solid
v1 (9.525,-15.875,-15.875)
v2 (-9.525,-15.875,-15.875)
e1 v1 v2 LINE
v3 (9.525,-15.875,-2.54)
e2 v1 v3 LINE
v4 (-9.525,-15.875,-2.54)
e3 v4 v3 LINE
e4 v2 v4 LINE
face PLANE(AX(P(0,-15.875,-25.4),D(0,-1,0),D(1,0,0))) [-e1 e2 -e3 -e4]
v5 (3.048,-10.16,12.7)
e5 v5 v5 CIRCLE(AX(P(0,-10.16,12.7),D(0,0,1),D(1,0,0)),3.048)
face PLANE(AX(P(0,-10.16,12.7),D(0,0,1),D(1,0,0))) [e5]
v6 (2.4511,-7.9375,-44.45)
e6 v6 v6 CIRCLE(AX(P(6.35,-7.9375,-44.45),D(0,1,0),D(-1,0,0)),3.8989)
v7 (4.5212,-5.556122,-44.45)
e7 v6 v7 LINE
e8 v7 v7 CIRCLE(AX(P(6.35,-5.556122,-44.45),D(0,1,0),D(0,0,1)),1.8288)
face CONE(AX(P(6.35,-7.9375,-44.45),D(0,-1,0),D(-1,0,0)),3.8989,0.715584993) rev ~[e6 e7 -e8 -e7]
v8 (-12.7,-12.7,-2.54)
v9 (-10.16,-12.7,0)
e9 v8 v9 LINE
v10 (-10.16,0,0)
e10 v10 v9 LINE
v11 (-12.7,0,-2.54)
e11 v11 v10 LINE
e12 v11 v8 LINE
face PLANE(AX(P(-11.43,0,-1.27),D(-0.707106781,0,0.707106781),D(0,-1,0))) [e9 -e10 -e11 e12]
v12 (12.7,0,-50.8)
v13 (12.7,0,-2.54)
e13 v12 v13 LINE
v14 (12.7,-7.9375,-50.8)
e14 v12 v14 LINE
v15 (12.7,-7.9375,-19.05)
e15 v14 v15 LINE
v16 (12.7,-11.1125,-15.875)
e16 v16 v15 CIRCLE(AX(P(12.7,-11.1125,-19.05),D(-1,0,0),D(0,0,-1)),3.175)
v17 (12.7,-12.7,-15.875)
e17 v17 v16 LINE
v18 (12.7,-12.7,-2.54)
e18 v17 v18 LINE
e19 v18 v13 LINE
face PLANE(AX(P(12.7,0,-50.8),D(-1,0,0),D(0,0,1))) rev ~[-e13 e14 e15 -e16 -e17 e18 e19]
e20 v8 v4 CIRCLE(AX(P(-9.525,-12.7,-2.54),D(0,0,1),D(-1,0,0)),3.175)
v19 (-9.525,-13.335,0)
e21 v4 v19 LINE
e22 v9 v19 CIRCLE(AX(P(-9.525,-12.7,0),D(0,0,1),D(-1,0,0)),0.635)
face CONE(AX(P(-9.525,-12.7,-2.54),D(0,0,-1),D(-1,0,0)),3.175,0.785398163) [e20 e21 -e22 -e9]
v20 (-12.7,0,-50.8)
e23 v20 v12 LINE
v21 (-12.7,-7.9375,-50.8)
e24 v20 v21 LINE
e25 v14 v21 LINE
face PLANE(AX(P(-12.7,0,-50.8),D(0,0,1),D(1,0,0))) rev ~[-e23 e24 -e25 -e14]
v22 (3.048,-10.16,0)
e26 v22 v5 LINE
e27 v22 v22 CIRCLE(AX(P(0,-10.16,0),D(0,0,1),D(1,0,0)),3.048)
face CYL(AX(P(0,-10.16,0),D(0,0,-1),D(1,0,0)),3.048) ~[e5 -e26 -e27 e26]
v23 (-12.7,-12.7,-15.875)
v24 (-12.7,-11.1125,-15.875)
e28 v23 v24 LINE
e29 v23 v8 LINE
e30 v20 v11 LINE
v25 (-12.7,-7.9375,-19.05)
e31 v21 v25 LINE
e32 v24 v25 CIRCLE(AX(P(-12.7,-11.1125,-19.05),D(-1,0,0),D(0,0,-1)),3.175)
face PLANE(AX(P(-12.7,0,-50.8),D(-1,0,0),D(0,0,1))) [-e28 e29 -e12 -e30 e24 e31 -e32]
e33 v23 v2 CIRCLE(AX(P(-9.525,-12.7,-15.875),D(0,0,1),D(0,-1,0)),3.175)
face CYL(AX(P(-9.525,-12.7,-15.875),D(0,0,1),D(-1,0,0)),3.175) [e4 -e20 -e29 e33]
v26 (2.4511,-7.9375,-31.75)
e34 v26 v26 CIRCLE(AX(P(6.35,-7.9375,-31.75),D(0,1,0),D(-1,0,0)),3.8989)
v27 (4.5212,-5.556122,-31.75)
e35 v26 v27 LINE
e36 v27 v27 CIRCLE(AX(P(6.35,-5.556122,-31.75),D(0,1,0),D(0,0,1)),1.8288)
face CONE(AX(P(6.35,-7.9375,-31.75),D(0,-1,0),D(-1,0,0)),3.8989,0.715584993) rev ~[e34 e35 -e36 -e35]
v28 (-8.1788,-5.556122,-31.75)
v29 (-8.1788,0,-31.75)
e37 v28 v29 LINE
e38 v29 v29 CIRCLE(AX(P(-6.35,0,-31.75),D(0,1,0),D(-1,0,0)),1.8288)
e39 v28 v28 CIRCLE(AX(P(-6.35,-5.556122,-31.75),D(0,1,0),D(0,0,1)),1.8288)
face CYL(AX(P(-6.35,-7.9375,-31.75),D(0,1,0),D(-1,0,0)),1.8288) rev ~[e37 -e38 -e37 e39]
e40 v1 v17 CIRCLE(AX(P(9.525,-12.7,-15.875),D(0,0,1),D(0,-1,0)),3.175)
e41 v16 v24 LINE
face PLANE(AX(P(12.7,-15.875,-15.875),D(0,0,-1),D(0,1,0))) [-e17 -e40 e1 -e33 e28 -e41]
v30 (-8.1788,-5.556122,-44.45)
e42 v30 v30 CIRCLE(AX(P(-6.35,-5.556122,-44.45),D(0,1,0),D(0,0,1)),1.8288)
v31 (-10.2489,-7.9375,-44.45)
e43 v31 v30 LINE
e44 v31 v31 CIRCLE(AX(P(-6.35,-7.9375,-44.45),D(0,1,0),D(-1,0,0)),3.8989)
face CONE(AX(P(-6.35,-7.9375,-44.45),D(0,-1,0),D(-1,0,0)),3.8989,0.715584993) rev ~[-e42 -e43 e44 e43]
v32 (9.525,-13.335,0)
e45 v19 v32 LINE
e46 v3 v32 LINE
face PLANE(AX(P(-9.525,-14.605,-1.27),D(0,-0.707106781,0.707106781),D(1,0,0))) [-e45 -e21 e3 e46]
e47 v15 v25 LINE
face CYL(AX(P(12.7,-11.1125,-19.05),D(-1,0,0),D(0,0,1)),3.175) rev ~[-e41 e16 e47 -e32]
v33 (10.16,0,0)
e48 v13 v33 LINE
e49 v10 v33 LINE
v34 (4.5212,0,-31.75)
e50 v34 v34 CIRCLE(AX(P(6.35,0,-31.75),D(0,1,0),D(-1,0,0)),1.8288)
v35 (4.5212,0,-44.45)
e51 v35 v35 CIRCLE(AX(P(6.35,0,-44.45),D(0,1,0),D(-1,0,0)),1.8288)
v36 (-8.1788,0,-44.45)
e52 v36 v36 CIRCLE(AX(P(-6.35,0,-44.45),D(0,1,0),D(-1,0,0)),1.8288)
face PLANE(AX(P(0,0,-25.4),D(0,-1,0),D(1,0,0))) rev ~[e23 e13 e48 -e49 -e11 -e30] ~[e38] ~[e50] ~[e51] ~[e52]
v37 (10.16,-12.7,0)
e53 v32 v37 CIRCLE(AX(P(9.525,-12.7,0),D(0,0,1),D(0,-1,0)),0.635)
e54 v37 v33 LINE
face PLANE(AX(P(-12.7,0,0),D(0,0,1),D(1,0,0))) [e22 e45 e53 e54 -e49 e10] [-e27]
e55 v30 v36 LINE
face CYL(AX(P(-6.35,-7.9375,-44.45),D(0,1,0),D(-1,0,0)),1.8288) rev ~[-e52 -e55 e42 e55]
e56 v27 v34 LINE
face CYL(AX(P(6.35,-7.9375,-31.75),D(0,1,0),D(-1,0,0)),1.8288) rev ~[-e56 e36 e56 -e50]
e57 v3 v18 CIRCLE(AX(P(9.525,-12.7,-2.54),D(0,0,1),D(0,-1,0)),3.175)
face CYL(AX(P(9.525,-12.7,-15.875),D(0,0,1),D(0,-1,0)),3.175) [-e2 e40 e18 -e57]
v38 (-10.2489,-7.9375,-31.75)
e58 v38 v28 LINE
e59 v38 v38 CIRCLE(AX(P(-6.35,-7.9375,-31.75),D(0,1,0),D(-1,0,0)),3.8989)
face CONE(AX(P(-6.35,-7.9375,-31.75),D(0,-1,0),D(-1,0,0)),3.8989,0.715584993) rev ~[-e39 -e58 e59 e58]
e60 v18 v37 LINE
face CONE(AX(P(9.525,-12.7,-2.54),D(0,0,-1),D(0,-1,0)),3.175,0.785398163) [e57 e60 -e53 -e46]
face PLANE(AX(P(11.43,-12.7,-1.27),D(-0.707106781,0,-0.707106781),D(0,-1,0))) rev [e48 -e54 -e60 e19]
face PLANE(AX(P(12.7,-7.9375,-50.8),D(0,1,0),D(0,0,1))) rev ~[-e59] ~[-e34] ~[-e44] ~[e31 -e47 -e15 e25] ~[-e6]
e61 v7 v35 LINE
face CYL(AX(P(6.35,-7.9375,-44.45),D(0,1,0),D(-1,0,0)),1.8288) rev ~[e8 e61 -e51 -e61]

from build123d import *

# Parameters (mm, degrees)
F0_W           = 25.4
F0_H           = 50.8
F1_DEPTH       = 15.875
F2_R           = 3.048
F3_DEPTH       = 12.7
F4_W           = 7.9375
F4_H           = 34.925
F5_DEPTH       = 25.4
F6_R           = 3.175
F8_D           = 3.6576
F8_CSINK_D     = 7.7978
F8_CSINK_ANGLE = 82
F9_SIZE        = 2.54


with BuildPart() as f1:
    # F0 (on Front) → F1 (new body)
    with BuildSketch(Plane.XZ):
        with Locations((0, -25.4)):
            Rectangle(F0_W, F0_H)
    extrude(amount=F1_DEPTH)

    # F2 (on face) → F3 (join)
    with BuildSketch(Plane.XY):
        with Locations((0, -10.16)):
            Circle(F2_R)
    extrude(amount=F3_DEPTH)

    # F4 (on face) → F5 (cut, through all)
    with BuildSketch(Plane.YZ.offset(12.7)):
        with Locations((-11.90625, -33.3375)):
            Rectangle(F4_W, F4_H)
    extrude(amount=-F5_DEPTH, mode=Mode.SUBTRACT)

    # F6
    f6_edges = [f1.edges().sort_by_distance(p)[0] for p in [
        (12.7, -15.875, -7.9375),
        (-12.7, -15.875, -7.9375),
        (0, -7.9375, -15.875),
    ]]
    fillet(f6_edges, radius=F6_R)

    # F8 (through all)
    with Locations(Plane.XZ.offset(7.9375)):
        with Locations((-6.35, -31.75), (6.35, -31.75), (6.35, -44.45), (-6.35, -44.45)):
            CounterSinkHole(F8_D / 2, F8_CSINK_D / 2, counter_sink_angle=F8_CSINK_ANGLE)

    # F9
    f9_edges = [f1.edges().sort_by_distance(p)[0] for p in [
        (0, -15.875, 0),
    ]]
    chamfer(f9_edges, length=F9_SIZE)


solid = f1.part
